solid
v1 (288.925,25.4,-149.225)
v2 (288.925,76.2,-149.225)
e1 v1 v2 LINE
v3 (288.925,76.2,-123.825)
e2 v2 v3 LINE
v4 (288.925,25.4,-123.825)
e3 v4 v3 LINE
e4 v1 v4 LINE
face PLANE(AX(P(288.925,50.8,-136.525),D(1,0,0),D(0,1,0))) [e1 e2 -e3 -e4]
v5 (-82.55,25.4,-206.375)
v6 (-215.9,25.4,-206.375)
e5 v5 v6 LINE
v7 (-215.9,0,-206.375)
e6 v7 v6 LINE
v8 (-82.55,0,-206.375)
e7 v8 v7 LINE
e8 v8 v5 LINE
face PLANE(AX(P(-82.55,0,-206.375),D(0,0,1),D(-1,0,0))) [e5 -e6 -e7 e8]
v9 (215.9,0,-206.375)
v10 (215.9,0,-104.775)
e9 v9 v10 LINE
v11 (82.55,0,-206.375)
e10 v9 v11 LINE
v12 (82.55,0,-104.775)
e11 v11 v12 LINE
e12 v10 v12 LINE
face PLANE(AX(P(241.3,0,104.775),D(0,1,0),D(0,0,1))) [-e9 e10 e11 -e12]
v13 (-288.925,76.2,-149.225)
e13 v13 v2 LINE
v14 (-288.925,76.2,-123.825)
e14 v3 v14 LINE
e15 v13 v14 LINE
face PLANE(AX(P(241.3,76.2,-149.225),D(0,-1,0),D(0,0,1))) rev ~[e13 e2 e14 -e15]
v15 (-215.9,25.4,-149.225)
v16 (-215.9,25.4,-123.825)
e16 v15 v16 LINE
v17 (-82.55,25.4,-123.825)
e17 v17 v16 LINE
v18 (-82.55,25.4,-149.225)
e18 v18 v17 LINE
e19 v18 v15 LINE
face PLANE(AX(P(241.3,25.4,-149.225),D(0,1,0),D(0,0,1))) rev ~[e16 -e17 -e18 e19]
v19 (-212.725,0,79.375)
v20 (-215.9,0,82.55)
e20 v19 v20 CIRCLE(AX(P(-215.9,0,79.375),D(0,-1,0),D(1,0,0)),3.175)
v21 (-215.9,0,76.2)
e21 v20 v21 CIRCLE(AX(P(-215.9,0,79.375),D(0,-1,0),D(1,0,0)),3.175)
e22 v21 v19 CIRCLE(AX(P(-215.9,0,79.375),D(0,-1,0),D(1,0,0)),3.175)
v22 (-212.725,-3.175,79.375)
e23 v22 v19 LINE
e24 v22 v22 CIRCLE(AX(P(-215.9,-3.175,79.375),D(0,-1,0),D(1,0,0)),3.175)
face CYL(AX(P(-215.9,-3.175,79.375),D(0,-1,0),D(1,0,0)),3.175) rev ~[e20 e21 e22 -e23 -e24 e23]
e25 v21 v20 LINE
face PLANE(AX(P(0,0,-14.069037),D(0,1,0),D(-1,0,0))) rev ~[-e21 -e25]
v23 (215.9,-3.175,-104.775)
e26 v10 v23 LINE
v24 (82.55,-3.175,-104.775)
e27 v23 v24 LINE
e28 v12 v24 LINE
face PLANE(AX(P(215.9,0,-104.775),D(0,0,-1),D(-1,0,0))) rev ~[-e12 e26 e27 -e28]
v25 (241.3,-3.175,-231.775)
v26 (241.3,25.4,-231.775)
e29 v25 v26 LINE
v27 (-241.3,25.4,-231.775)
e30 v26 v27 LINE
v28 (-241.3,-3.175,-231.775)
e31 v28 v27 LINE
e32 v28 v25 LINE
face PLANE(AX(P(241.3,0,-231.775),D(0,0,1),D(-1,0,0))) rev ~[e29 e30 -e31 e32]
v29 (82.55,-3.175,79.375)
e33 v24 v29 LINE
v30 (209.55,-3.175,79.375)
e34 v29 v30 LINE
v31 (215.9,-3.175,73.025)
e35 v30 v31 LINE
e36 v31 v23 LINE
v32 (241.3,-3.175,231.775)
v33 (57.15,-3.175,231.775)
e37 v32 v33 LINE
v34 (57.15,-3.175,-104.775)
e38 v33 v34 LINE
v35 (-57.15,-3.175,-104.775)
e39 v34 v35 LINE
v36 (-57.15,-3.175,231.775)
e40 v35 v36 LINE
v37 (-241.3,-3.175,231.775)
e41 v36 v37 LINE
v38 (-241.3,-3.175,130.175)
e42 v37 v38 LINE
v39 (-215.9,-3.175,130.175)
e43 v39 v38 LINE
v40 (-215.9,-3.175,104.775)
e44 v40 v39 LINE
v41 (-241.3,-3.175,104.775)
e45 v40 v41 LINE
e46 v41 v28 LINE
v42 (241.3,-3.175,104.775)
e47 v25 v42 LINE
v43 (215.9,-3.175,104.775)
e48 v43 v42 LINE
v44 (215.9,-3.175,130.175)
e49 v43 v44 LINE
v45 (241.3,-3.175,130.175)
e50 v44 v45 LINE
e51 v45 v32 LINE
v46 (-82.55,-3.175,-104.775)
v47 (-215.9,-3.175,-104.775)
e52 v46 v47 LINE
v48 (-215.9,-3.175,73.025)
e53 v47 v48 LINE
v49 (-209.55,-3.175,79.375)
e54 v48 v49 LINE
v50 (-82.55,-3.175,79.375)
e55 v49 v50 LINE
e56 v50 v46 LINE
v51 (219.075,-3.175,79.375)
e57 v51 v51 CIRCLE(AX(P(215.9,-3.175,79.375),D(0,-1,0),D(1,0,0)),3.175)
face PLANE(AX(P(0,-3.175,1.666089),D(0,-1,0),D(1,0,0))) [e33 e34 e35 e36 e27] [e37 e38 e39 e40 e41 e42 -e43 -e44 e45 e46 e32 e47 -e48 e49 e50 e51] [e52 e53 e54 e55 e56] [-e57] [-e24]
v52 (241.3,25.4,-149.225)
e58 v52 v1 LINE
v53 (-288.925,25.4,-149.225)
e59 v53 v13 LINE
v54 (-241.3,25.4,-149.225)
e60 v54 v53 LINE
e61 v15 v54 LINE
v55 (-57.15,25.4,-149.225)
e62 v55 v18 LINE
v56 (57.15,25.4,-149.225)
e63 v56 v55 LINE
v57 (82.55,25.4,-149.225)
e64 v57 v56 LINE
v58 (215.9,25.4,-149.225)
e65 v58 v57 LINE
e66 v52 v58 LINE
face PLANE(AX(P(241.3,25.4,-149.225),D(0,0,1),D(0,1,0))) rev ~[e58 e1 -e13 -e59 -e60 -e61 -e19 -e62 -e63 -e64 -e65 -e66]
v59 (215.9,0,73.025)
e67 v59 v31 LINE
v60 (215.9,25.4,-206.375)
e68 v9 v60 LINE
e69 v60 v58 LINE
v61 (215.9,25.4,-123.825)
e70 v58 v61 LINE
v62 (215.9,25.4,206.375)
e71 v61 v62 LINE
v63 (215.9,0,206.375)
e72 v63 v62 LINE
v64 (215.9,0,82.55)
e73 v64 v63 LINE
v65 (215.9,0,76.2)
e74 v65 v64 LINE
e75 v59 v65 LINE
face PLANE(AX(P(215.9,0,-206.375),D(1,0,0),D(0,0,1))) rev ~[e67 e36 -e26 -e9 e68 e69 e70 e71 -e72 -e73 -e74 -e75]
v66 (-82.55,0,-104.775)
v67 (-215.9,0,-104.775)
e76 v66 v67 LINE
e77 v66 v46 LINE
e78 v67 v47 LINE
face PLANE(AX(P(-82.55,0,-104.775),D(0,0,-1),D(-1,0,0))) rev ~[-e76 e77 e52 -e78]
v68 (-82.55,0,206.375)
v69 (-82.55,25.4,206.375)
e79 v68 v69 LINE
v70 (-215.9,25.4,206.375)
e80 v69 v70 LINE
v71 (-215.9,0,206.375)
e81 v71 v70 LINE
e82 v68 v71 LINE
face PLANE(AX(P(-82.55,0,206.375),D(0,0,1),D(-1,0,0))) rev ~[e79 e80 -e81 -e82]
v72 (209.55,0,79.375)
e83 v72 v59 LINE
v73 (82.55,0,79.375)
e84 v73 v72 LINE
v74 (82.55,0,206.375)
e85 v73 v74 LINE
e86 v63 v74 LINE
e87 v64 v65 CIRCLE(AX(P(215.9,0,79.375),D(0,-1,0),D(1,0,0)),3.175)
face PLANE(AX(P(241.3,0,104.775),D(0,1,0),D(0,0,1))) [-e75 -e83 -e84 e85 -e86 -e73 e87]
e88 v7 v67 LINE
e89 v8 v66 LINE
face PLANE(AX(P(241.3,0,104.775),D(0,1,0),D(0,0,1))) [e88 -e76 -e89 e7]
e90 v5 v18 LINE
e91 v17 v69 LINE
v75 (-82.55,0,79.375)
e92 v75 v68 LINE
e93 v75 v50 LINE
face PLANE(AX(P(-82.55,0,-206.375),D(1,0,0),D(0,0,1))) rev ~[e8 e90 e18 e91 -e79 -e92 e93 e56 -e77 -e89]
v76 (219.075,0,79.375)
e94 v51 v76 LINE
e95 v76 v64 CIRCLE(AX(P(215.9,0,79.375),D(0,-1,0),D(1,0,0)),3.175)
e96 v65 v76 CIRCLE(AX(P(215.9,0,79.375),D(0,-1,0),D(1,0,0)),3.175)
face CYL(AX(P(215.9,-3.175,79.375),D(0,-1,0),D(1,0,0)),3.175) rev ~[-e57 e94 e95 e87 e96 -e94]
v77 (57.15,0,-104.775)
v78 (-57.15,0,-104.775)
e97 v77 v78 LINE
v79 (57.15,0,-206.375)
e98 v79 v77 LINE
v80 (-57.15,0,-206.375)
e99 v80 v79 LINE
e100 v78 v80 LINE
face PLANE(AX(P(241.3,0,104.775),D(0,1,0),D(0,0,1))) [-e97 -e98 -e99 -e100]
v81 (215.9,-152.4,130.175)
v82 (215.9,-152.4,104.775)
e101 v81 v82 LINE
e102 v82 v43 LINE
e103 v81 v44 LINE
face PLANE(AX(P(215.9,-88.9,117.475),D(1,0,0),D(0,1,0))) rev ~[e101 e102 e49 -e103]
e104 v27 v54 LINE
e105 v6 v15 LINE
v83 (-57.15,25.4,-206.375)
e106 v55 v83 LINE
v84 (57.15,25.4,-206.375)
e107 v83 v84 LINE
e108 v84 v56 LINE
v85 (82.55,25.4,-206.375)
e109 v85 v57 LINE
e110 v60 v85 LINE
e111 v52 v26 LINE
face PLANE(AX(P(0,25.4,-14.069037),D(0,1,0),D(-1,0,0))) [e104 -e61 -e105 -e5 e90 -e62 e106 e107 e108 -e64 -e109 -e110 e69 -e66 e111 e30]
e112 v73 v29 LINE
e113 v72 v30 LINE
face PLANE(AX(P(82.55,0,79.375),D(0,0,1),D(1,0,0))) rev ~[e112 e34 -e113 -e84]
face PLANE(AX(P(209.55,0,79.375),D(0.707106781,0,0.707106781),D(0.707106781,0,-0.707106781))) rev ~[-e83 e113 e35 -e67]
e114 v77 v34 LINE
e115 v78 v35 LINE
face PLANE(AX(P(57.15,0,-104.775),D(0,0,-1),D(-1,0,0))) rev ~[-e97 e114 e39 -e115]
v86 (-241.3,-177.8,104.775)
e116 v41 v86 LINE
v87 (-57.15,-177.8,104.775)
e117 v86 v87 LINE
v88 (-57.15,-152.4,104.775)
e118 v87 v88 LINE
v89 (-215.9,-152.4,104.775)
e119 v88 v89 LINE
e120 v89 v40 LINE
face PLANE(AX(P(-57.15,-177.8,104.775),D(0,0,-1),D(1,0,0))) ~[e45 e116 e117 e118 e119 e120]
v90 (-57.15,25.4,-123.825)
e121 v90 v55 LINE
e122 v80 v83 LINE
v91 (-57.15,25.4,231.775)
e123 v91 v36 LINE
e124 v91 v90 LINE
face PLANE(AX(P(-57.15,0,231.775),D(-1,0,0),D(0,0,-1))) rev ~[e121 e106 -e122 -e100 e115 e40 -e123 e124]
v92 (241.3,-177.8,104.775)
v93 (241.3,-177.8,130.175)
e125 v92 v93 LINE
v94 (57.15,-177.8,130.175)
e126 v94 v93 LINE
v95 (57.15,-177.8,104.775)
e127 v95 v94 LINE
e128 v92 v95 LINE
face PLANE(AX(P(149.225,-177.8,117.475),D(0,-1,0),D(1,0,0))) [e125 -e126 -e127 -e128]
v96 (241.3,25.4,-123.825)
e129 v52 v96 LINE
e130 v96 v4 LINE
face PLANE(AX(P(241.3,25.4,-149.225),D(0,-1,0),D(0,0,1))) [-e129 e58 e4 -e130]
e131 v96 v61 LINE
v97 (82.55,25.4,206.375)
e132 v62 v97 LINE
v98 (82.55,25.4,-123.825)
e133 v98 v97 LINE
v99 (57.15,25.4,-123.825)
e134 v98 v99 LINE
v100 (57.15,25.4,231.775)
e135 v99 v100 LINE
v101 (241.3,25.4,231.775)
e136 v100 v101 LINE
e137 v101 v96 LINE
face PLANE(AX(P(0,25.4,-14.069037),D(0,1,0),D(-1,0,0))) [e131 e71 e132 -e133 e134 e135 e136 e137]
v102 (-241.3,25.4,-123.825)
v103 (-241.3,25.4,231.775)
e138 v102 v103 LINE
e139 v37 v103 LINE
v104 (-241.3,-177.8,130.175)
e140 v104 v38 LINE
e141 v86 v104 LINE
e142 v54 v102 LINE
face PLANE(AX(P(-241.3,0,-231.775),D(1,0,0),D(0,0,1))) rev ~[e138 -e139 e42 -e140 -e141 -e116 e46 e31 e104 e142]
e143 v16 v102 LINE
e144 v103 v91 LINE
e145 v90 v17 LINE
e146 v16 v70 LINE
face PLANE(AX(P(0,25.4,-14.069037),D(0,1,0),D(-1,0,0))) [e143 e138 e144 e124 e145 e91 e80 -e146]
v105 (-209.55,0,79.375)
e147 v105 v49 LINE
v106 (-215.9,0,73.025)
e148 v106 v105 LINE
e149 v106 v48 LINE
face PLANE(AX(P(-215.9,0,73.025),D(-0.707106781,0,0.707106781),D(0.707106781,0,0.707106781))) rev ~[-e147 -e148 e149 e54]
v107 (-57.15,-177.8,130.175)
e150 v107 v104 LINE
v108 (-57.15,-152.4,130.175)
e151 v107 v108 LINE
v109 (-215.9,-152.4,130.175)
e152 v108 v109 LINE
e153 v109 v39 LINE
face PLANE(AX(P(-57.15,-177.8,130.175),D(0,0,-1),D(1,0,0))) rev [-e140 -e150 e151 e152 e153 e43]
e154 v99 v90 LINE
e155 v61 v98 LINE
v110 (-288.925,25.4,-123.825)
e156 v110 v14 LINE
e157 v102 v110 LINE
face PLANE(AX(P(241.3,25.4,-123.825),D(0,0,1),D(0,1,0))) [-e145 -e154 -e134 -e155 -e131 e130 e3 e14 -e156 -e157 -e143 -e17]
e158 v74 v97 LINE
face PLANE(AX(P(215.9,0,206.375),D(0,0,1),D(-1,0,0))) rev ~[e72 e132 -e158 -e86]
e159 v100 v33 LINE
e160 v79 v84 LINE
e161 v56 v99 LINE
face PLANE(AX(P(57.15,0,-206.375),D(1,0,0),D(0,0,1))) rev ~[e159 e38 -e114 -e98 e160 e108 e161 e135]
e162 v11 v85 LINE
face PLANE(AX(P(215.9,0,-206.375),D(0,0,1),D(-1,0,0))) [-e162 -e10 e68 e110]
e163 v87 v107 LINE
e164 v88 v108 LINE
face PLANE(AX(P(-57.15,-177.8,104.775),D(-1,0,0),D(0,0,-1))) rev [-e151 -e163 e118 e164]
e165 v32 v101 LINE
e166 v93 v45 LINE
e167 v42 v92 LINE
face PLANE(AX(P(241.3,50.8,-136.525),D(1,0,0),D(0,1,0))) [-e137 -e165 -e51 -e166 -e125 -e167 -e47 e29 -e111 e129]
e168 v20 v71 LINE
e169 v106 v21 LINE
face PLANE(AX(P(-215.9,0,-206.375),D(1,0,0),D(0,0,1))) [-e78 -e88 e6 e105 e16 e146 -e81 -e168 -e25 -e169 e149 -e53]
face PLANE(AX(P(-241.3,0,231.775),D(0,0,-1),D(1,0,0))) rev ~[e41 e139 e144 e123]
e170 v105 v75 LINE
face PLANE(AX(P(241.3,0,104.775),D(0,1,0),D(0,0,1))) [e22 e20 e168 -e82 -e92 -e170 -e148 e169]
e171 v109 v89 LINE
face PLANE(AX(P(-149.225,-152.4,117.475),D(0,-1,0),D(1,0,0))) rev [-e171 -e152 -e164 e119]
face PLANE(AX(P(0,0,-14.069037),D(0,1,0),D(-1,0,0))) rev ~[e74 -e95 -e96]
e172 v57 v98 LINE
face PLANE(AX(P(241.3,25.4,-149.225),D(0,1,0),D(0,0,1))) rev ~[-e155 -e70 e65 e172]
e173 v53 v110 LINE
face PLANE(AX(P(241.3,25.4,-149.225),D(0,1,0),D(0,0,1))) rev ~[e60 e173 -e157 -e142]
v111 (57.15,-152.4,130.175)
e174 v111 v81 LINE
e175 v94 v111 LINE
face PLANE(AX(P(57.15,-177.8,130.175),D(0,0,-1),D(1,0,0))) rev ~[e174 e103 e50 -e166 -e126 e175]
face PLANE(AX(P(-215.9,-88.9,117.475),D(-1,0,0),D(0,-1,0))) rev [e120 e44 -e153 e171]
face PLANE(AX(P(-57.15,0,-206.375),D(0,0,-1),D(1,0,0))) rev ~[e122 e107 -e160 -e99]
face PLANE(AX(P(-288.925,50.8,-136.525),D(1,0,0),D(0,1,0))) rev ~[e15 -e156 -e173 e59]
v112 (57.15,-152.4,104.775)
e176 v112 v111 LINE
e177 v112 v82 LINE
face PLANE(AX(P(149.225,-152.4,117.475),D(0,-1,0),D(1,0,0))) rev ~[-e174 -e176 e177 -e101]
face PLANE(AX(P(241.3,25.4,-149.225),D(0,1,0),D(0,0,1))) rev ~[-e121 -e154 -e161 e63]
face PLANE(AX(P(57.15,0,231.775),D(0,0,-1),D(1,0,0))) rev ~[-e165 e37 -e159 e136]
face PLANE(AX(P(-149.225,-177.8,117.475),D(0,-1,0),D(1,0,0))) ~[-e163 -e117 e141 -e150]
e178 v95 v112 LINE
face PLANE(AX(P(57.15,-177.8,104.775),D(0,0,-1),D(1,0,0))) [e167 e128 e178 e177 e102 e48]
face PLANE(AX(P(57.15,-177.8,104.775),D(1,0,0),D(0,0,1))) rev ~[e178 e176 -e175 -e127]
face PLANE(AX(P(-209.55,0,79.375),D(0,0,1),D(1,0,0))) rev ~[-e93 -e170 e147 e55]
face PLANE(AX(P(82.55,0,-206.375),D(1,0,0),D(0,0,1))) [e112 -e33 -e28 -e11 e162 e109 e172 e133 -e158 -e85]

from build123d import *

# Parameters (mm, degrees)
F1_DEPTH  = 3.175
F2_W      = 177.8
F2_H      = 25.4
F3_DEPTH  = 25.4
F4_W      = 184.15
F4_H      = 25.4
F5_DEPTH  = 25.4
F7_R      = 3.175
F8_DEPTH  = 25.4
F9_W      = 133.35
F9_H      = 412.75
F10_DEPTH = 25.4
F11_W     = 50.8
F11_H     = 25.4
F12_DEPTH = 530.225
F13_W     = 50.8
F13_H     = 25.4
F14_DEPTH = 47.625


with BuildPart() as f1:
    # F0 (on Front) → F1 (new body)
    with BuildSketch(Plane.XZ):
        Polygon((241.3, -231.775), (241.3, 231.775), (57.15, 231.775), (57.15, -104.775), (-57.15, -104.775), (-57.15, 231.775), (-241.3, 231.775), (-241.3, 79.375), (-241.3, -104.775), (-241.3, -231.775), align=None)
        Polygon((-215.9, 73.025), (-209.55, 79.375), (-82.55, 79.375), (-82.55, -104.775), (-215.9, -104.775), align=None, mode=Mode.SUBTRACT)
        Polygon((82.55, -104.775), (82.55, 79.375), (209.55, 79.375), (215.9, 73.025), (215.9, -104.775), align=None, mode=Mode.SUBTRACT)
    extrude(amount=F1_DEPTH)

    # F2 (on face) → F3 (join)
    with BuildSketch(Plane.YZ.offset(241.3)):
        with Locations((-88.9, 117.475)):
            Rectangle(F2_W, F2_H)
    extrude(amount=-F3_DEPTH)

    # F4 (on face) → F5 (join)
    with BuildSketch(Plane.XZ.offset(177.8)):
        with Locations((149.225, 117.475)):
            Rectangle(F4_W, F4_H)
    extrude(amount=-F5_DEPTH)

    # F6: F1 across plane


with BuildPart() as f1_1:
    add(f1.part)
    add(f1.part.mirror(Plane.YZ))

    # F7 (on face) → F8 (cut)
    with BuildSketch(Plane.XZ.offset(3.175)):
        with Locations((-215.9, 79.375)):
            Circle(F7_R)
        with Locations((215.9, 79.375)):
            Circle(F7_R)
    extrude(amount=-F8_DEPTH, mode=Mode.SUBTRACT)

    # F9 (on face) → F10 (join)
    with BuildSketch(Plane(origin=(0, 0, 0), x_dir=(-1, 0, 0), z_dir=(0, 1, 0))):
        Polygon((-57.15, 231.775), (-241.3, 231.775), (-241.3, -206.375), (-241.3, -231.775), (241.3, -231.775), (241.3, 231.775), (57.15, 231.775), (57.15, -206.375), (-57.15, -206.375), align=None)
        with Locations((-149.225, 0)):
            Rectangle(F9_W, F9_H, mode=Mode.SUBTRACT)
        with Locations((149.225, 0)):
            Rectangle(F9_W, F9_H, mode=Mode.SUBTRACT)
    extrude(amount=F10_DEPTH)

    # F11 (on face) → F12 (join)
    with BuildSketch(Plane.YZ.offset(241.3)):
        with Locations((50.8, -136.525)):
            Rectangle(F11_W, F11_H)
    extrude(amount=-F12_DEPTH)

    # F13 (on face) → F14 (join)
    with BuildSketch(Plane.YZ.offset(241.3)):
        with Locations((50.8, -136.525)):
            Rectangle(F13_W, F13_H)
    extrude(amount=F14_DEPTH)


solid = f1_1.part
